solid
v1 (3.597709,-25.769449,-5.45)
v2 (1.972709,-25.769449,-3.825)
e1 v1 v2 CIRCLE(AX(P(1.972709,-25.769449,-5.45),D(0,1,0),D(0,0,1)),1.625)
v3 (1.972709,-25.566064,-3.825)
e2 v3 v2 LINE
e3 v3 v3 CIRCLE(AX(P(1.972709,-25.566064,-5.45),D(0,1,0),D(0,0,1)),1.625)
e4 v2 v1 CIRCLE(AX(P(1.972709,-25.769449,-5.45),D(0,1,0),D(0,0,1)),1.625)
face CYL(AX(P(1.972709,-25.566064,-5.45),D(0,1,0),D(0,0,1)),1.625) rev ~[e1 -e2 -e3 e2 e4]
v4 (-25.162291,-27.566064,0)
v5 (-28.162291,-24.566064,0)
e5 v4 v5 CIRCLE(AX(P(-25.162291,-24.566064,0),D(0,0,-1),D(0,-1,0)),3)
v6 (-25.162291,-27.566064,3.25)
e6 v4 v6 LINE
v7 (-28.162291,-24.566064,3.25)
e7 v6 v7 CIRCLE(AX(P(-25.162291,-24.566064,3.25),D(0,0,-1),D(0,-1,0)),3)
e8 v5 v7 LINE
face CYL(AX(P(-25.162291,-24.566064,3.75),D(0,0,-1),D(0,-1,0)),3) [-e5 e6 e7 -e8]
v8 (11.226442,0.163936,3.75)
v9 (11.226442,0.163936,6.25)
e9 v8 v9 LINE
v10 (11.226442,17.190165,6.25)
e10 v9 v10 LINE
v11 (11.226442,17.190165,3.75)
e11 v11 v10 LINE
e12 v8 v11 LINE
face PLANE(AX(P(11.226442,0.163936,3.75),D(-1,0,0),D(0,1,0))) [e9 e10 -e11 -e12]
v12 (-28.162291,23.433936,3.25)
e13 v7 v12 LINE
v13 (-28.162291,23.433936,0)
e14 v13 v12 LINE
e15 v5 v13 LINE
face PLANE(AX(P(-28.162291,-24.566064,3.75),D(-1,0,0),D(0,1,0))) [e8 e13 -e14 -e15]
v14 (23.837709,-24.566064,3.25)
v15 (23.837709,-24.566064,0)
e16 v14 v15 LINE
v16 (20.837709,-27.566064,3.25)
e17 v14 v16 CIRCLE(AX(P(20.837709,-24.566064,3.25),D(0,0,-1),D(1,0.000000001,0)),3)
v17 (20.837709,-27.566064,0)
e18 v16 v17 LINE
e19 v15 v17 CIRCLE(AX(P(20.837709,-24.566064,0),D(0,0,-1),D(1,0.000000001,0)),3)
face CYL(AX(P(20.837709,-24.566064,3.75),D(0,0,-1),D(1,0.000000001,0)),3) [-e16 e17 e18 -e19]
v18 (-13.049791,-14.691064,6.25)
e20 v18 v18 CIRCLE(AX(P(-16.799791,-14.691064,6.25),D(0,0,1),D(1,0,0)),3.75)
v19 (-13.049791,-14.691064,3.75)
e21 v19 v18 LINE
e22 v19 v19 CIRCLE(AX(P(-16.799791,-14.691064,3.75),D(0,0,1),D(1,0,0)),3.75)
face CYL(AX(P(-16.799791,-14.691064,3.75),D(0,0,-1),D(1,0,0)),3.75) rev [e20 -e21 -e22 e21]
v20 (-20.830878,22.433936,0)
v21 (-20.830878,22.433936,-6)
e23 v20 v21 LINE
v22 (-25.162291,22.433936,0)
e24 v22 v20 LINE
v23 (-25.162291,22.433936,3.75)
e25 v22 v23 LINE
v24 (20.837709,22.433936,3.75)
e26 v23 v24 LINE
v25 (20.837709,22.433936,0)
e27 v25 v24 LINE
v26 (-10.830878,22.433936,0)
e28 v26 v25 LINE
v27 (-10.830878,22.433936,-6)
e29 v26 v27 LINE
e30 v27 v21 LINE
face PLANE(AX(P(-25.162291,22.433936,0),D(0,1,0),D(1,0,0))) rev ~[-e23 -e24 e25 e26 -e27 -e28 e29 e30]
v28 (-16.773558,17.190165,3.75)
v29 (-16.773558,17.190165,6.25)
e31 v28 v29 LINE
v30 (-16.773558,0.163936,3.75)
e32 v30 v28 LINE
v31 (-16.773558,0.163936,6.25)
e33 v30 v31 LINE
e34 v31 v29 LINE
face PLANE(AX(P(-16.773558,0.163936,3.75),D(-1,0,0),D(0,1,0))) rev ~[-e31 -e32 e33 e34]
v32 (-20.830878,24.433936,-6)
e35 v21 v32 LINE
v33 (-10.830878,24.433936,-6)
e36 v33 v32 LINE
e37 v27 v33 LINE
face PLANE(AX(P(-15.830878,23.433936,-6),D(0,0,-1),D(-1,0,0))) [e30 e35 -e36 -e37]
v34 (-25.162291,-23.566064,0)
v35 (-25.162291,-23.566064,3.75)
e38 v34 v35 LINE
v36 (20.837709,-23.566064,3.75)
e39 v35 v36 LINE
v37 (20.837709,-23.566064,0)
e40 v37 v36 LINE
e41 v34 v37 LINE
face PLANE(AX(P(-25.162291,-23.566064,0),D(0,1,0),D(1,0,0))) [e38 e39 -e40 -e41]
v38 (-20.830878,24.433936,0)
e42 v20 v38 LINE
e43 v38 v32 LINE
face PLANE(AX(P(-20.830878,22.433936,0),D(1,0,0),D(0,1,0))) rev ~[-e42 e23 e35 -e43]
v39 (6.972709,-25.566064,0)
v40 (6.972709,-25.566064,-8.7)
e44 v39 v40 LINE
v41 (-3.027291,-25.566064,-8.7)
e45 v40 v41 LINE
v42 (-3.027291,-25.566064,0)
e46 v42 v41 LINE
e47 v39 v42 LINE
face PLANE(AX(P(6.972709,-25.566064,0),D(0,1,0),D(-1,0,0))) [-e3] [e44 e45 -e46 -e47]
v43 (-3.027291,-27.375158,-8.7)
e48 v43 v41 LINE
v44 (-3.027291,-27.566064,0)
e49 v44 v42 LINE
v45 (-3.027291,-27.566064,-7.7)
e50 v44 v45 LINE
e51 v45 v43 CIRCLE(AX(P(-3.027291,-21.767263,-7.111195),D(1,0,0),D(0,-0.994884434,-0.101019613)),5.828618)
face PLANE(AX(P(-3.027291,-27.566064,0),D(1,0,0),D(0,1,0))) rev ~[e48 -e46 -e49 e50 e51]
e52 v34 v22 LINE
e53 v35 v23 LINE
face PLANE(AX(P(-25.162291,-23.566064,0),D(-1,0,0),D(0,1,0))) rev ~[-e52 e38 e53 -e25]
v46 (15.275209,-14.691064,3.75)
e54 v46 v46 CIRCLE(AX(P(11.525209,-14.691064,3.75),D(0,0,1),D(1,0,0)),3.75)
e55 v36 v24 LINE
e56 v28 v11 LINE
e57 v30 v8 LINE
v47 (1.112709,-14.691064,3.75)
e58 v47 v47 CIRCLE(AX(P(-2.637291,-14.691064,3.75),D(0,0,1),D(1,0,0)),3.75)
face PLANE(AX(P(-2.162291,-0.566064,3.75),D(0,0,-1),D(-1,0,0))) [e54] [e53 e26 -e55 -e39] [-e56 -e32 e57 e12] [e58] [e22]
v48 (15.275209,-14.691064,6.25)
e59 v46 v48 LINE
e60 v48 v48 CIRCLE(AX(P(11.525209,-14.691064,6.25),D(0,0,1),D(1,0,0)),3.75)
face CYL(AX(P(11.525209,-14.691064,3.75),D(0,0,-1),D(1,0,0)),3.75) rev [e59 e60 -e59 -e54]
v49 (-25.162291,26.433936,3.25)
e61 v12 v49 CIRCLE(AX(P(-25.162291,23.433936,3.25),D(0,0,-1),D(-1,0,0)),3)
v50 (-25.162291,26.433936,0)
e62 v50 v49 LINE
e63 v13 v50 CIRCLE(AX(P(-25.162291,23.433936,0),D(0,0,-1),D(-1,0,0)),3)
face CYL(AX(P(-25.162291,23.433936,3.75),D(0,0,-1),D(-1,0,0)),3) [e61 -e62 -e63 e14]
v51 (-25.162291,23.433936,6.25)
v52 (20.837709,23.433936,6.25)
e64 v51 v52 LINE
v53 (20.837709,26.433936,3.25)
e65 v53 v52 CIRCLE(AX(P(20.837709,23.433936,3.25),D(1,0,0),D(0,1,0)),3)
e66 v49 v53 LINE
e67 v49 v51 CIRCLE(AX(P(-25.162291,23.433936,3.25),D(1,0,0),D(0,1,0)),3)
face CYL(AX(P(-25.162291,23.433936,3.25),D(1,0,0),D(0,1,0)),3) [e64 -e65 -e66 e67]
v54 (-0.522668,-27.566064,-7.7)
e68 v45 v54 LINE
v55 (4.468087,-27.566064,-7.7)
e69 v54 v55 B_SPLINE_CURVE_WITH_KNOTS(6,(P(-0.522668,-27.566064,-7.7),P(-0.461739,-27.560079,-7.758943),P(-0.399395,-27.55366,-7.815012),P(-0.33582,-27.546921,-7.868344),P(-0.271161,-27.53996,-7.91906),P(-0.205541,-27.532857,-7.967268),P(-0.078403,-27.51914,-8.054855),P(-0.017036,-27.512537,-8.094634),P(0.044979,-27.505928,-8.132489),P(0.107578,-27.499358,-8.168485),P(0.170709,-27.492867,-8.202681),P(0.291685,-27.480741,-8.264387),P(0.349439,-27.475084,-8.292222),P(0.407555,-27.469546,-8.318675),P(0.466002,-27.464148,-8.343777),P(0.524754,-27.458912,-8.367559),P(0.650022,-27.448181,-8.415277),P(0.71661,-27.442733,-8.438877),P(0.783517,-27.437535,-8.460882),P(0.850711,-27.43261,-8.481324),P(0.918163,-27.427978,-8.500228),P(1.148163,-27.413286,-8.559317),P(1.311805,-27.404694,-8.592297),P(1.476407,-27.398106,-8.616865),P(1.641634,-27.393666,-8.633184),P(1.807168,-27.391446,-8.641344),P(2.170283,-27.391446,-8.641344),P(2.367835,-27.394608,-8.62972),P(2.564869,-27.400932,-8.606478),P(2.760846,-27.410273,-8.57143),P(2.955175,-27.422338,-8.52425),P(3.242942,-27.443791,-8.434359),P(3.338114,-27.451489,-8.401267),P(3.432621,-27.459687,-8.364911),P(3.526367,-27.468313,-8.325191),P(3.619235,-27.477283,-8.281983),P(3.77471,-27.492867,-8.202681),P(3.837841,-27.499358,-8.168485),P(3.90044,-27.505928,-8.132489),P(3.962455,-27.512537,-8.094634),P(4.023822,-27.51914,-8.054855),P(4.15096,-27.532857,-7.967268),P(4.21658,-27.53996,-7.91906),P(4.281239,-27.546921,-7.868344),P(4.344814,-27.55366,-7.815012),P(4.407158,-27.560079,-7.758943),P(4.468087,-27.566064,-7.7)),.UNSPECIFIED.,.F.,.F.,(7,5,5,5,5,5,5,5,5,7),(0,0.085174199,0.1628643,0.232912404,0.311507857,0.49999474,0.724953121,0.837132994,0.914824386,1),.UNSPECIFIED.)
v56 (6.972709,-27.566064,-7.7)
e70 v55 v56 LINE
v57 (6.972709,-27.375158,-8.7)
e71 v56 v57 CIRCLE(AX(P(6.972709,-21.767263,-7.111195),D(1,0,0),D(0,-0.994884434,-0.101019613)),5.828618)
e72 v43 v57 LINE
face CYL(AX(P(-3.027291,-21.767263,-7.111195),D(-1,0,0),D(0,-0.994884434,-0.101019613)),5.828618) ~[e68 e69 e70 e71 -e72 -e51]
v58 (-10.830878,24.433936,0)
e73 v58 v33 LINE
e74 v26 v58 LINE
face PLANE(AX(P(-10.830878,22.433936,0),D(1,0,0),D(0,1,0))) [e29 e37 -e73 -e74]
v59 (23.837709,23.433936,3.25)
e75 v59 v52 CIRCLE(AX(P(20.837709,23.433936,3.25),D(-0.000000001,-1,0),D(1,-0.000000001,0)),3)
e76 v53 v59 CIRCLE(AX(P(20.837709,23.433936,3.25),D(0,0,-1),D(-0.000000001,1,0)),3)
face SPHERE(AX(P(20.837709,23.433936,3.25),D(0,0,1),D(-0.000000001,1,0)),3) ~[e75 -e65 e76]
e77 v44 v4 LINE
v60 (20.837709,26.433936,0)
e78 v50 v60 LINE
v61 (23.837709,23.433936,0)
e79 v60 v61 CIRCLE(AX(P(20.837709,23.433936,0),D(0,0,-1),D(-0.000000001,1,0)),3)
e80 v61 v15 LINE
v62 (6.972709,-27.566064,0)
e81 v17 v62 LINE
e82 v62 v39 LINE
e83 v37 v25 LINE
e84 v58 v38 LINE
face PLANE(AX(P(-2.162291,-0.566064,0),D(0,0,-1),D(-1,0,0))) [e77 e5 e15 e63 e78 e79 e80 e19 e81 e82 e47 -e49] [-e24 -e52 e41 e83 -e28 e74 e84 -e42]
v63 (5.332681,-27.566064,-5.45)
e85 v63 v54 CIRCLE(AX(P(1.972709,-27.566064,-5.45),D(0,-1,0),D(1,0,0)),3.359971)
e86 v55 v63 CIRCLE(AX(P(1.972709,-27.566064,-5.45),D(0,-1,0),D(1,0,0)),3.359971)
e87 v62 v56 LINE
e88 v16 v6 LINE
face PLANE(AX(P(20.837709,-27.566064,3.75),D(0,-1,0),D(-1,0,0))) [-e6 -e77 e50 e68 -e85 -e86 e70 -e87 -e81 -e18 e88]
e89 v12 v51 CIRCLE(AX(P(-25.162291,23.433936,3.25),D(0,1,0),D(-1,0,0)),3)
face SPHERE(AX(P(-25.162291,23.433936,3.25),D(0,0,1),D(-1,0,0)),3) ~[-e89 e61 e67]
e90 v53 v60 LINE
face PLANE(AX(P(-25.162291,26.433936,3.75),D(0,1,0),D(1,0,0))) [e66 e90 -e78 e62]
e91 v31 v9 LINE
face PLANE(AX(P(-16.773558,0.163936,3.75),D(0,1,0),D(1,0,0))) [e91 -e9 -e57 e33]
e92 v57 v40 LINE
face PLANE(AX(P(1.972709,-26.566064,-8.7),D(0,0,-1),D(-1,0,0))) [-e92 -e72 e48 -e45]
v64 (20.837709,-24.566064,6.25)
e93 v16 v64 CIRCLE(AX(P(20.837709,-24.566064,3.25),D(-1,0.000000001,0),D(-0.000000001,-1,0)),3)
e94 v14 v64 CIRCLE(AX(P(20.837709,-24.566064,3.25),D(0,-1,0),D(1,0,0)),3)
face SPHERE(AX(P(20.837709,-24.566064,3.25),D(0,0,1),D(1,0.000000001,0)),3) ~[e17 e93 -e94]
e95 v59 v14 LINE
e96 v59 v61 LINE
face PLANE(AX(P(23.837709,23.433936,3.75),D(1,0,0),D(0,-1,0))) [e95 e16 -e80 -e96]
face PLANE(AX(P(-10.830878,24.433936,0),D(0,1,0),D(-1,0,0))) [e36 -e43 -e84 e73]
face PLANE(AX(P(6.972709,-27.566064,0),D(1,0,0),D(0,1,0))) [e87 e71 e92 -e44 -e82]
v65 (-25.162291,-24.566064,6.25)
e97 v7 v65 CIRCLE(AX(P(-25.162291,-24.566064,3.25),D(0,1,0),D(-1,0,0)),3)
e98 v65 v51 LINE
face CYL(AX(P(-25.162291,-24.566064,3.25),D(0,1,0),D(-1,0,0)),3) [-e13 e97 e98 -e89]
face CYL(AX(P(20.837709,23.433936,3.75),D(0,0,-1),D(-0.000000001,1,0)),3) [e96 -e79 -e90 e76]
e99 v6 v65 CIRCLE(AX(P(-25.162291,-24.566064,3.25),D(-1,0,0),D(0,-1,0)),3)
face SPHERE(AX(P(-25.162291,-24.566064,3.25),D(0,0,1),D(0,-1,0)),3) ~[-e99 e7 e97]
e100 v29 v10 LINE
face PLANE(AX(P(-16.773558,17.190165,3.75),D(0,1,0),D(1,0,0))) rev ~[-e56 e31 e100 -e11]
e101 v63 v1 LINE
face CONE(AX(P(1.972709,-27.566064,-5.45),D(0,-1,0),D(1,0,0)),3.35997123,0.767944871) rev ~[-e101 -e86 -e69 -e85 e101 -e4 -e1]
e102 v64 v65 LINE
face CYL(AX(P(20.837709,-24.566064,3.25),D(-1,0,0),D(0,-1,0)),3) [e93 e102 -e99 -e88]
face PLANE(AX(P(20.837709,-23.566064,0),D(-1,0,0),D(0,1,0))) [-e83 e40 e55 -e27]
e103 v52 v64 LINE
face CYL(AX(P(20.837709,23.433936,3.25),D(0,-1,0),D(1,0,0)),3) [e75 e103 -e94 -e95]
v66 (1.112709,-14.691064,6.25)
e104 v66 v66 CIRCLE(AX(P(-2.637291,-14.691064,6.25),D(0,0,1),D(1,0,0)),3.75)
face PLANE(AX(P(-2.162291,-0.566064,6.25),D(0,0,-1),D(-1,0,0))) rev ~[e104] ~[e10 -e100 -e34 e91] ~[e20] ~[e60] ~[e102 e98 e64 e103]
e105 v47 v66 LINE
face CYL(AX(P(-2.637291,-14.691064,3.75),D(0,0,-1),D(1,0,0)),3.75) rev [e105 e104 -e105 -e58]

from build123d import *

# Parameters (mm, degrees)
CROQUIS1_W              = 46
CROQUIS1_H              = 46
SALIENTE_EXTRUIR1_DEPTH = 3.75
CROQUIS2_W              = 10
CROQUIS2_H              = 2
SALIENTE_EXTRUIR2_DEPTH = 8.7
CROQUIS5_W              = 10
CROQUIS5_H              = 2
SALIENTE_EXTRUIR3_DEPTH = 6
CROQUIS6_R              = 1.625
CORTAR_EXTRUIR1_DEPTH   = 2
CROQUIS7_R              = 3.35997123
CORTAR_EXTRUIR2_DEPTH   = 1.8
CORTAR_EXTRUIR2_DRAFT   = -44
CORTAR_EXTRUIR3_DEPTH   = 10
CROQUIS10_R             = 3.75
CROQUIS10_W             = 28
CROQUIS10_H             = 17.026229448
SALIENTE_EXTRUIR4_DEPTH = 2.5
REDONDEO1_R             = 3


with BuildPart() as part:
    # Croquis1 → Saliente-Extruir1 (new body)
    with BuildSketch(Plane.XY):
        with BuildLine():
            Line((-25.16229051, 26.433935563), (20.83770949, 26.433935563))
            ThreePointArc((20.83770949, 26.433935563), (22.959029834, 25.555255907), (23.83770949, 23.433935563))
            Line((23.83770949, 23.433935563), (23.83770949, -24.566064437))
            ThreePointArc((23.83770949, -24.566064437), (22.959029834, -26.687384781), (20.83770949, -27.566064437))
            Line((20.83770949, -27.566064437), (-25.16229051, -27.566064437))
            ThreePointArc((-25.16229051, -27.566064437), (-27.283610853, -26.687384781), (-28.16229051, -24.566064437))
            Line((-28.16229051, -24.566064437), (-28.16229051, 23.433935563))
            ThreePointArc((-28.16229051, 23.433935563), (-27.283610853, 25.555255907), (-25.16229051, 26.433935563))
        make_face()
        with Locations((-2.16229051, -0.566064437)):
            Rectangle(CROQUIS1_W, CROQUIS1_H, mode=Mode.SUBTRACT)
    extrude(amount=SALIENTE_EXTRUIR1_DEPTH)

    # Croquis2 → Saliente-Extruir2 (add)
    with BuildSketch(Plane(origin=(0, 0, 0), x_dir=(-1, 0, 0), z_dir=(0, 0, -1))):
        with Locations((-1.97270949, -26.566064437)):
            Rectangle(CROQUIS2_W, CROQUIS2_H)
    extrude(amount=SALIENTE_EXTRUIR2_DEPTH)

    # Croquis5 → Saliente-Extruir3 (add)
    with BuildSketch(Plane(origin=(0, 0, 0), x_dir=(-1, 0, 0), z_dir=(0, 0, -1))):
        with Locations((15.830877534, 23.433935563)):
            Rectangle(CROQUIS5_W, CROQUIS5_H)
    extrude(amount=SALIENTE_EXTRUIR3_DEPTH)

    # Croquis6 → Cortar-Extruir1 (cut)
    with BuildSketch(Plane(origin=(0, -25.566064437, 0), x_dir=(1, 0, 0), z_dir=(0, 1, 0))):
        with Locations(Location((1.97270949, 5.45, 0), (0, 0, 270))):
            Circle(CROQUIS6_R)
    extrude(amount=-CORTAR_EXTRUIR1_DEPTH, mode=Mode.SUBTRACT)


with BuildPart() as cortar_extruir2_tool:
    # Croquis7 → Cortar-Extruir2 (with draft: the straight prism first)
    with BuildSketch(Plane.XZ.offset(27.566064437)):
        with Locations((1.97270949, -5.45)):
            Circle(CROQUIS7_R)
    extrude(amount=-CORTAR_EXTRUIR2_DEPTH)
    # Cortar-Extruir2: the draft: its side faces are tilted about the plane it starts from
    cortar_extruir2_sides = [cortar_extruir2_tool.faces().sort_by_distance(p)[0] for p in [
        (-1.38726174, -26.666064437, -5.45),
    ]]
    draft(cortar_extruir2_sides, Plane.XZ.offset(27.566064437), CORTAR_EXTRUIR2_DRAFT)


with BuildPart() as part_1:
    add(part.part)

    # Cortar-Extruir2: cut by cortar_extruir2_tool
    add(cortar_extruir2_tool.part, mode=Mode.SUBTRACT)

    # Croquis9 → Cortar-Extruir3 (cut)
    with BuildSketch(Plane.ZY.offset(3.02729051)):
        with BuildLine():
            Line((-8.7, -27.375158196), (-8.7, -27.566064437))
            Line((-8.7, -27.566064437), (-7.7, -27.566064437))
            ThreePointArc((-7.7, -27.566064437), (-8.204176074, -27.492486318), (-8.7, -27.375158196))
        make_face()
    extrude(amount=-CORTAR_EXTRUIR3_DEPTH, mode=Mode.SUBTRACT)

    # Croquis10 → Saliente-Extruir4 (add)
    with BuildSketch(Plane.XY.offset(3.75)):
        with BuildLine():
            Line((-25.16229051, 26.433935563), (20.83770949, 26.433935563))
            ThreePointArc((20.83770949, 26.433935563), (22.959029834, 25.555255907), (23.83770949, 23.433935563))
            Line((23.83770949, 23.433935563), (23.83770949, -24.566064437))
            ThreePointArc((23.83770949, -24.566064437), (22.959029834, -26.687384781), (20.83770949, -27.566064437))
            Line((20.83770949, -27.566064437), (-25.16229051, -27.566064437))
            ThreePointArc((-25.16229051, -27.566064437), (-27.283610853, -26.687384781), (-28.16229051, -24.566064437))
            Line((-28.16229051, -24.566064437), (-28.16229051, 23.433935563))
            ThreePointArc((-28.16229051, 23.433935563), (-27.283610853, 25.555255907), (-25.16229051, 26.433935563))
        make_face()
        with Locations((-16.79979051, -14.691064437)):
            Circle(CROQUIS10_R, mode=Mode.SUBTRACT)
        with Locations((-2.63729051, -14.691064437)):
            Circle(CROQUIS10_R, mode=Mode.SUBTRACT)
        with Locations((11.52520949, -14.691064437)):
            Circle(CROQUIS10_R, mode=Mode.SUBTRACT)
        with Locations((-2.773558379, 8.677050287)):
            Rectangle(CROQUIS10_W, CROQUIS10_H, mode=Mode.SUBTRACT)
    extrude(amount=SALIENTE_EXTRUIR4_DEPTH)

    # Redondeo1
    redondeo1_edges = [part_1.edges().sort_by_distance(p)[0] for p in [
        (-27.283610853, 25.555255907, 6.25),
        (-28.16229051, -0.566064437, 6.25),
        (-27.283610853, -26.687384781, 6.25),
        (-2.16229051, -27.566064437, 6.25),
        (22.959029834, -26.687384781, 6.25),
        (23.83770949, -0.566064437, 6.25),
        (22.959029834, 25.555255907, 6.25),
        (-2.16229051, 26.433935563, 6.25),
    ]]
    fillet(redondeo1_edges, radius=REDONDEO1_R)


solid = part_1.part
